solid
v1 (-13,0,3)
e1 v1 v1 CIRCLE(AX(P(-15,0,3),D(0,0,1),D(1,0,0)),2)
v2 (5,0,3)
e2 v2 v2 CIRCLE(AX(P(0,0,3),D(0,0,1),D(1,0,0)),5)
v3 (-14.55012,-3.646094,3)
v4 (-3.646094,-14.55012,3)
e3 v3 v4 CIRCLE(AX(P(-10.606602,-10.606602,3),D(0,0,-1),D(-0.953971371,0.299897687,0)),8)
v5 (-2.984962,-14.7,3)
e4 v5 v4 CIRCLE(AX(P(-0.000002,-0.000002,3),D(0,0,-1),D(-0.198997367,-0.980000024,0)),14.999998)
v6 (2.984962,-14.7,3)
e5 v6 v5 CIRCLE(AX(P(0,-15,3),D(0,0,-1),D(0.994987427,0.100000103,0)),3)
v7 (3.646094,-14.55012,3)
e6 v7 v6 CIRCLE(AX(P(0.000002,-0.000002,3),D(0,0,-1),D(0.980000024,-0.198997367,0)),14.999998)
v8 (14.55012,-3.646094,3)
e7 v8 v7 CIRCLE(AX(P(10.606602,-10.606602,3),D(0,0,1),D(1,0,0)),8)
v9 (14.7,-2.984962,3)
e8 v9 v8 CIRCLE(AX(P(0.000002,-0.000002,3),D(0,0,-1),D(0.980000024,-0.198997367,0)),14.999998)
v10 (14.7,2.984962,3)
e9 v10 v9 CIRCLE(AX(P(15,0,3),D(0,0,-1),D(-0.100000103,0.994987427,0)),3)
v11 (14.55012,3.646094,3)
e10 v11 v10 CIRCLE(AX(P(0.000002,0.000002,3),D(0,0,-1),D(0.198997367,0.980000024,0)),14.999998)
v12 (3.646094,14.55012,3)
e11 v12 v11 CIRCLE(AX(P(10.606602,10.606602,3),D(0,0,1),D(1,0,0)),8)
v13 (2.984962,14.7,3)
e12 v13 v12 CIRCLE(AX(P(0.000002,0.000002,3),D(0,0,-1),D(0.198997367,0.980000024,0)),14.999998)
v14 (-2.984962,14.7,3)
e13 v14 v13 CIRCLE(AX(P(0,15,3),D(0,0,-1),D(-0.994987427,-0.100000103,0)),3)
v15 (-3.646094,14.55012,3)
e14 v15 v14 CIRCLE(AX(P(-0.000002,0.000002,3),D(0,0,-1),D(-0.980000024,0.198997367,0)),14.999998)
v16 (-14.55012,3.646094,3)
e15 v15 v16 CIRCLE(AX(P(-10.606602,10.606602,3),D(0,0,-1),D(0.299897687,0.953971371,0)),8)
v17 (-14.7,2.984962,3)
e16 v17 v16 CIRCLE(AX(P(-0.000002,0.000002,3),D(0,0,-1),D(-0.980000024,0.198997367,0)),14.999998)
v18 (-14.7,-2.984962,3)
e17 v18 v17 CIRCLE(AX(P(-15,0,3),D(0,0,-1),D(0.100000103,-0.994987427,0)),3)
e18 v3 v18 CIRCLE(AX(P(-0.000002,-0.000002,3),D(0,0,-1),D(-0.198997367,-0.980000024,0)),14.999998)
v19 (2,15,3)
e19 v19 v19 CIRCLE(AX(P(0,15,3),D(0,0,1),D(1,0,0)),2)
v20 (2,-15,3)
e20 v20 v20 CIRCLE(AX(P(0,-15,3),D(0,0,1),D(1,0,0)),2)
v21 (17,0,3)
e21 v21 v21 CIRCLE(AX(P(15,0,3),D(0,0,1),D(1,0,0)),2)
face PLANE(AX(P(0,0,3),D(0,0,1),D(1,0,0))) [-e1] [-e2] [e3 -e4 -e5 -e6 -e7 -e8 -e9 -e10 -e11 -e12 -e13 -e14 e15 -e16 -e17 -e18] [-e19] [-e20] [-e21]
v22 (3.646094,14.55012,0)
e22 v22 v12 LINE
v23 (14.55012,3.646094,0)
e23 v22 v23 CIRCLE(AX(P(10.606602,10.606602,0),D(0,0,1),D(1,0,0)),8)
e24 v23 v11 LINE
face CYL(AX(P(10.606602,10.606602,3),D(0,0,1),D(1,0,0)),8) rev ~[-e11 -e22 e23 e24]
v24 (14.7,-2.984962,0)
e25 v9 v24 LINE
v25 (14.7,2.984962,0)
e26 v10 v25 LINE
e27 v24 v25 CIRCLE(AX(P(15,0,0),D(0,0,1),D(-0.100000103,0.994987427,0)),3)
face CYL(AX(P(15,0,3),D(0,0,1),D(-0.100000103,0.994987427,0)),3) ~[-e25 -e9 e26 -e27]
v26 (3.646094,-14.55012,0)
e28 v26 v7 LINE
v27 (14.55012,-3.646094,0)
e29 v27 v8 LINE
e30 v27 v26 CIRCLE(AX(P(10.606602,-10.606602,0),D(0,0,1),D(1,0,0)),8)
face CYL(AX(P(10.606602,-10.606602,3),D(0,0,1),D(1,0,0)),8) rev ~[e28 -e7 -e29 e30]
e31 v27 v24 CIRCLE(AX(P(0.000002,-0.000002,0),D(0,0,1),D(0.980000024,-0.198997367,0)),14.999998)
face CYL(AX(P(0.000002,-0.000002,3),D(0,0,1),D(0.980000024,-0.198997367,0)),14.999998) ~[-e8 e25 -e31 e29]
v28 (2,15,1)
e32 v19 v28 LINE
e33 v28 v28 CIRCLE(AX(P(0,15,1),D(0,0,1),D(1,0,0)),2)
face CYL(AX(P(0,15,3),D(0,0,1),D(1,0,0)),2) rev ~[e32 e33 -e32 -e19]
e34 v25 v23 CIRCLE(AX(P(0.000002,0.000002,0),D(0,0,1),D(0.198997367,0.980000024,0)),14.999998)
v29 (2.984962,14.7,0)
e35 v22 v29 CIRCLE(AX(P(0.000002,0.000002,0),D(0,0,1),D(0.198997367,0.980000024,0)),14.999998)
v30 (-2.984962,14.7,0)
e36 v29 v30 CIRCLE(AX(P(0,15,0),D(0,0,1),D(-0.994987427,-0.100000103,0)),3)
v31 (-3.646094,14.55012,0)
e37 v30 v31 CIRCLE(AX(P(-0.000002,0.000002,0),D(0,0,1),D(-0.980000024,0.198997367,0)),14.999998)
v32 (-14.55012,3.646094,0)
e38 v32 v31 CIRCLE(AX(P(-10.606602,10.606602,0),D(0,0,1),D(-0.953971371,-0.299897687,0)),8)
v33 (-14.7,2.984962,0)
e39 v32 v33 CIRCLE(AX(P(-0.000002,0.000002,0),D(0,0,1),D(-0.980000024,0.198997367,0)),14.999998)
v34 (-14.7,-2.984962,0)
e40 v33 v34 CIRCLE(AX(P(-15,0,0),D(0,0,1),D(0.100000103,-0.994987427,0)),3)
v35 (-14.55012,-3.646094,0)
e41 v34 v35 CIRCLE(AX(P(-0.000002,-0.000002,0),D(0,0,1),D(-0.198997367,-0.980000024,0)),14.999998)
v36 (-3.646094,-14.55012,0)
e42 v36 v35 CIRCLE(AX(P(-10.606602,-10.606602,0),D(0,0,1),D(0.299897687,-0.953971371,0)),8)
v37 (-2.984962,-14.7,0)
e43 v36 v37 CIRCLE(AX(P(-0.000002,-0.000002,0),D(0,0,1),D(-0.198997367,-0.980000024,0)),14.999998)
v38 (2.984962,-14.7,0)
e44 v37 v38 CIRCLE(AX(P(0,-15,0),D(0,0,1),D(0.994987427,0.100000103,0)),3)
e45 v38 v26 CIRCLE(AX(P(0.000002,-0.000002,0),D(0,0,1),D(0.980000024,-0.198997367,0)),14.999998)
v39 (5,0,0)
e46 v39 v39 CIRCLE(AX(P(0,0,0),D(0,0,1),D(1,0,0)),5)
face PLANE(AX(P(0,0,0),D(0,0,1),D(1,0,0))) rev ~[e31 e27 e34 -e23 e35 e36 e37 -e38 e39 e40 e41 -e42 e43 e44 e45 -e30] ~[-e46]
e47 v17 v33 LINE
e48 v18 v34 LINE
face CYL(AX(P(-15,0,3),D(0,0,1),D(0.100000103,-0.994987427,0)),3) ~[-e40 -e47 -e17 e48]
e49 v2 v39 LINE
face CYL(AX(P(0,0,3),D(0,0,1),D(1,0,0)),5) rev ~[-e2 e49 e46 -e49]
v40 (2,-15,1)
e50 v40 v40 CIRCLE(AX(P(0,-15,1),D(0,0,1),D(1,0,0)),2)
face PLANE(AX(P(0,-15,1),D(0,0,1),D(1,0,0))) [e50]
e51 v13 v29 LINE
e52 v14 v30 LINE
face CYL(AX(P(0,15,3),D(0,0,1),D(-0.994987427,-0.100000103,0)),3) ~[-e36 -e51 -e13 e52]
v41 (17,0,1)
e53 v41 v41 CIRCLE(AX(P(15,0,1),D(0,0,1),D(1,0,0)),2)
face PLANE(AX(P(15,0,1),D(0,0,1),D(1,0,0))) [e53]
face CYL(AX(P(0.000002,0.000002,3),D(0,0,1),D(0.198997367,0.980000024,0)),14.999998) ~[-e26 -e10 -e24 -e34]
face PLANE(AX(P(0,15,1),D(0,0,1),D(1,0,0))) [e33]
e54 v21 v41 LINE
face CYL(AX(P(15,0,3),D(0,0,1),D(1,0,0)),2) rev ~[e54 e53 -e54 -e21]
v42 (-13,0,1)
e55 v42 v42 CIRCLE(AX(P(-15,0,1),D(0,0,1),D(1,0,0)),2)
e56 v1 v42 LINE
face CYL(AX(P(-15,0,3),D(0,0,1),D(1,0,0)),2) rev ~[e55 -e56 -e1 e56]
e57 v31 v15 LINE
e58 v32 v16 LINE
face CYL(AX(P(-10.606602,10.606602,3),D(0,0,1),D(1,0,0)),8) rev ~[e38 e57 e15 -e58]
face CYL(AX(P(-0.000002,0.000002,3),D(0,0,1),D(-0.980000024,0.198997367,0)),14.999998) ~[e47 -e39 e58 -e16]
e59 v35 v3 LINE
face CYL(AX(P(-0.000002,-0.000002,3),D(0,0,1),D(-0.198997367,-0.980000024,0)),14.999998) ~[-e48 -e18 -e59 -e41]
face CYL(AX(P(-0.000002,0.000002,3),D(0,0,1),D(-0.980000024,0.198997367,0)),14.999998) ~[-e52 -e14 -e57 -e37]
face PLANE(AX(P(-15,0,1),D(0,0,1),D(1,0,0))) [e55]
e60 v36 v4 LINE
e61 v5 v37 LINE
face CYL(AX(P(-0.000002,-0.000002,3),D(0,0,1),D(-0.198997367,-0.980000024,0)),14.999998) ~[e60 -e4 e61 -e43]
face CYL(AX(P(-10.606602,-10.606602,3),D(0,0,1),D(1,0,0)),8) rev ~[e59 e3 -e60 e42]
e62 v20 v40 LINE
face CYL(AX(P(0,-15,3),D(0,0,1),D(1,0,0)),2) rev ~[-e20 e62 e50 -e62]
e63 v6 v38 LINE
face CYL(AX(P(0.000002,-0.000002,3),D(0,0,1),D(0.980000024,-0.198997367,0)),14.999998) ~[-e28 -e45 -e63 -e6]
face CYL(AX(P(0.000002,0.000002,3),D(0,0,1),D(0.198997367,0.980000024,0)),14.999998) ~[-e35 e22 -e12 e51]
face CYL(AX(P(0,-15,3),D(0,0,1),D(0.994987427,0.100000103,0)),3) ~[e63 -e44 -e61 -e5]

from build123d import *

# Parameters (mm, degrees)
F0_R      = 20
F1_DEPTH  = 3
F2_R      = 5
F3_DEPTH  = 25
F4_R      = 2
F5_DEPTH  = 2
F6_R      = 8
F7_DEPTH  = 25
F8_SIZE   = 1.5
F9_R      = 28.420768
F10_DEPTH = 25


with BuildPart() as f1:
    # F0 (on Top) → F1 (new body)
    with BuildSketch(Plane.XY):
        Circle(F0_R)
    extrude(amount=F1_DEPTH)

    # F2 (on face) → F3 (cut)
    with BuildSketch(Plane.XY.offset(3)):
        Circle(F2_R)
    extrude(amount=-F3_DEPTH, mode=Mode.SUBTRACT)

    # F4 (on face) → F5 (cut)
    with BuildSketch(Plane.XY.offset(3)):
        with Locations((0, 15)):
            Circle(F4_R)
        with Locations((15, 0)):
            Circle(F4_R)
        with Locations((0, -15)):
            Circle(F4_R)
        with Locations((-15, 0)):
            Circle(F4_R)
    extrude(amount=-F5_DEPTH, mode=Mode.SUBTRACT)

    # F6 (on face) → F7 (cut)
    with BuildSketch(Plane.XY.offset(3)):
        with Locations((-10.606602, 10.606602)):
            Circle(F6_R)
        with Locations((10.606602, 10.606602)):
            Circle(F6_R)
        with Locations((10.606602, -10.606602)):
            Circle(F6_R)
        with Locations((-10.606602, -10.606602)):
            Circle(F6_R)
    extrude(amount=-F7_DEPTH, mode=Mode.SUBTRACT)

    # F8
    f8_edges = [f1.edges().sort_by_distance(p)[0] for p in [
        (-20, 0, 3),
    ]]
    chamfer(f8_edges, length=F8_SIZE)

    # F9 (on face) → F10 (cut)
    with BuildSketch(Plane.XY.offset(3)):
        with Locations((1.058917, 0)):
            Circle(F9_R)
        with BuildLine():
            ThreePointArc((-14.7, -2.984962), (-18, 0), (-14.7, 2.984962))
            ThreePointArc((-14.7, 2.984962), (-10.606602, 10.606602), (-2.984962, 14.7))
            ThreePointArc((-2.984962, 14.7), (0, 18), (2.984962, 14.7))
            ThreePointArc((2.984962, 14.7), (10.606602, 10.606602), (14.7, 2.984962))
            ThreePointArc((14.7, 2.984962), (18, 0), (14.7, -2.984962))
            ThreePointArc((14.7, -2.984962), (10.606602, -10.606602), (2.984962, -14.7))
            ThreePointArc((2.984962, -14.7), (0, -18), (-2.984962, -14.7))
            ThreePointArc((-2.984962, -14.7), (-10.606602, -10.606602), (-14.7, -2.984962))
        make_face(mode=Mode.SUBTRACT)
    extrude(amount=-F10_DEPTH, mode=Mode.SUBTRACT)


solid = f1.part
